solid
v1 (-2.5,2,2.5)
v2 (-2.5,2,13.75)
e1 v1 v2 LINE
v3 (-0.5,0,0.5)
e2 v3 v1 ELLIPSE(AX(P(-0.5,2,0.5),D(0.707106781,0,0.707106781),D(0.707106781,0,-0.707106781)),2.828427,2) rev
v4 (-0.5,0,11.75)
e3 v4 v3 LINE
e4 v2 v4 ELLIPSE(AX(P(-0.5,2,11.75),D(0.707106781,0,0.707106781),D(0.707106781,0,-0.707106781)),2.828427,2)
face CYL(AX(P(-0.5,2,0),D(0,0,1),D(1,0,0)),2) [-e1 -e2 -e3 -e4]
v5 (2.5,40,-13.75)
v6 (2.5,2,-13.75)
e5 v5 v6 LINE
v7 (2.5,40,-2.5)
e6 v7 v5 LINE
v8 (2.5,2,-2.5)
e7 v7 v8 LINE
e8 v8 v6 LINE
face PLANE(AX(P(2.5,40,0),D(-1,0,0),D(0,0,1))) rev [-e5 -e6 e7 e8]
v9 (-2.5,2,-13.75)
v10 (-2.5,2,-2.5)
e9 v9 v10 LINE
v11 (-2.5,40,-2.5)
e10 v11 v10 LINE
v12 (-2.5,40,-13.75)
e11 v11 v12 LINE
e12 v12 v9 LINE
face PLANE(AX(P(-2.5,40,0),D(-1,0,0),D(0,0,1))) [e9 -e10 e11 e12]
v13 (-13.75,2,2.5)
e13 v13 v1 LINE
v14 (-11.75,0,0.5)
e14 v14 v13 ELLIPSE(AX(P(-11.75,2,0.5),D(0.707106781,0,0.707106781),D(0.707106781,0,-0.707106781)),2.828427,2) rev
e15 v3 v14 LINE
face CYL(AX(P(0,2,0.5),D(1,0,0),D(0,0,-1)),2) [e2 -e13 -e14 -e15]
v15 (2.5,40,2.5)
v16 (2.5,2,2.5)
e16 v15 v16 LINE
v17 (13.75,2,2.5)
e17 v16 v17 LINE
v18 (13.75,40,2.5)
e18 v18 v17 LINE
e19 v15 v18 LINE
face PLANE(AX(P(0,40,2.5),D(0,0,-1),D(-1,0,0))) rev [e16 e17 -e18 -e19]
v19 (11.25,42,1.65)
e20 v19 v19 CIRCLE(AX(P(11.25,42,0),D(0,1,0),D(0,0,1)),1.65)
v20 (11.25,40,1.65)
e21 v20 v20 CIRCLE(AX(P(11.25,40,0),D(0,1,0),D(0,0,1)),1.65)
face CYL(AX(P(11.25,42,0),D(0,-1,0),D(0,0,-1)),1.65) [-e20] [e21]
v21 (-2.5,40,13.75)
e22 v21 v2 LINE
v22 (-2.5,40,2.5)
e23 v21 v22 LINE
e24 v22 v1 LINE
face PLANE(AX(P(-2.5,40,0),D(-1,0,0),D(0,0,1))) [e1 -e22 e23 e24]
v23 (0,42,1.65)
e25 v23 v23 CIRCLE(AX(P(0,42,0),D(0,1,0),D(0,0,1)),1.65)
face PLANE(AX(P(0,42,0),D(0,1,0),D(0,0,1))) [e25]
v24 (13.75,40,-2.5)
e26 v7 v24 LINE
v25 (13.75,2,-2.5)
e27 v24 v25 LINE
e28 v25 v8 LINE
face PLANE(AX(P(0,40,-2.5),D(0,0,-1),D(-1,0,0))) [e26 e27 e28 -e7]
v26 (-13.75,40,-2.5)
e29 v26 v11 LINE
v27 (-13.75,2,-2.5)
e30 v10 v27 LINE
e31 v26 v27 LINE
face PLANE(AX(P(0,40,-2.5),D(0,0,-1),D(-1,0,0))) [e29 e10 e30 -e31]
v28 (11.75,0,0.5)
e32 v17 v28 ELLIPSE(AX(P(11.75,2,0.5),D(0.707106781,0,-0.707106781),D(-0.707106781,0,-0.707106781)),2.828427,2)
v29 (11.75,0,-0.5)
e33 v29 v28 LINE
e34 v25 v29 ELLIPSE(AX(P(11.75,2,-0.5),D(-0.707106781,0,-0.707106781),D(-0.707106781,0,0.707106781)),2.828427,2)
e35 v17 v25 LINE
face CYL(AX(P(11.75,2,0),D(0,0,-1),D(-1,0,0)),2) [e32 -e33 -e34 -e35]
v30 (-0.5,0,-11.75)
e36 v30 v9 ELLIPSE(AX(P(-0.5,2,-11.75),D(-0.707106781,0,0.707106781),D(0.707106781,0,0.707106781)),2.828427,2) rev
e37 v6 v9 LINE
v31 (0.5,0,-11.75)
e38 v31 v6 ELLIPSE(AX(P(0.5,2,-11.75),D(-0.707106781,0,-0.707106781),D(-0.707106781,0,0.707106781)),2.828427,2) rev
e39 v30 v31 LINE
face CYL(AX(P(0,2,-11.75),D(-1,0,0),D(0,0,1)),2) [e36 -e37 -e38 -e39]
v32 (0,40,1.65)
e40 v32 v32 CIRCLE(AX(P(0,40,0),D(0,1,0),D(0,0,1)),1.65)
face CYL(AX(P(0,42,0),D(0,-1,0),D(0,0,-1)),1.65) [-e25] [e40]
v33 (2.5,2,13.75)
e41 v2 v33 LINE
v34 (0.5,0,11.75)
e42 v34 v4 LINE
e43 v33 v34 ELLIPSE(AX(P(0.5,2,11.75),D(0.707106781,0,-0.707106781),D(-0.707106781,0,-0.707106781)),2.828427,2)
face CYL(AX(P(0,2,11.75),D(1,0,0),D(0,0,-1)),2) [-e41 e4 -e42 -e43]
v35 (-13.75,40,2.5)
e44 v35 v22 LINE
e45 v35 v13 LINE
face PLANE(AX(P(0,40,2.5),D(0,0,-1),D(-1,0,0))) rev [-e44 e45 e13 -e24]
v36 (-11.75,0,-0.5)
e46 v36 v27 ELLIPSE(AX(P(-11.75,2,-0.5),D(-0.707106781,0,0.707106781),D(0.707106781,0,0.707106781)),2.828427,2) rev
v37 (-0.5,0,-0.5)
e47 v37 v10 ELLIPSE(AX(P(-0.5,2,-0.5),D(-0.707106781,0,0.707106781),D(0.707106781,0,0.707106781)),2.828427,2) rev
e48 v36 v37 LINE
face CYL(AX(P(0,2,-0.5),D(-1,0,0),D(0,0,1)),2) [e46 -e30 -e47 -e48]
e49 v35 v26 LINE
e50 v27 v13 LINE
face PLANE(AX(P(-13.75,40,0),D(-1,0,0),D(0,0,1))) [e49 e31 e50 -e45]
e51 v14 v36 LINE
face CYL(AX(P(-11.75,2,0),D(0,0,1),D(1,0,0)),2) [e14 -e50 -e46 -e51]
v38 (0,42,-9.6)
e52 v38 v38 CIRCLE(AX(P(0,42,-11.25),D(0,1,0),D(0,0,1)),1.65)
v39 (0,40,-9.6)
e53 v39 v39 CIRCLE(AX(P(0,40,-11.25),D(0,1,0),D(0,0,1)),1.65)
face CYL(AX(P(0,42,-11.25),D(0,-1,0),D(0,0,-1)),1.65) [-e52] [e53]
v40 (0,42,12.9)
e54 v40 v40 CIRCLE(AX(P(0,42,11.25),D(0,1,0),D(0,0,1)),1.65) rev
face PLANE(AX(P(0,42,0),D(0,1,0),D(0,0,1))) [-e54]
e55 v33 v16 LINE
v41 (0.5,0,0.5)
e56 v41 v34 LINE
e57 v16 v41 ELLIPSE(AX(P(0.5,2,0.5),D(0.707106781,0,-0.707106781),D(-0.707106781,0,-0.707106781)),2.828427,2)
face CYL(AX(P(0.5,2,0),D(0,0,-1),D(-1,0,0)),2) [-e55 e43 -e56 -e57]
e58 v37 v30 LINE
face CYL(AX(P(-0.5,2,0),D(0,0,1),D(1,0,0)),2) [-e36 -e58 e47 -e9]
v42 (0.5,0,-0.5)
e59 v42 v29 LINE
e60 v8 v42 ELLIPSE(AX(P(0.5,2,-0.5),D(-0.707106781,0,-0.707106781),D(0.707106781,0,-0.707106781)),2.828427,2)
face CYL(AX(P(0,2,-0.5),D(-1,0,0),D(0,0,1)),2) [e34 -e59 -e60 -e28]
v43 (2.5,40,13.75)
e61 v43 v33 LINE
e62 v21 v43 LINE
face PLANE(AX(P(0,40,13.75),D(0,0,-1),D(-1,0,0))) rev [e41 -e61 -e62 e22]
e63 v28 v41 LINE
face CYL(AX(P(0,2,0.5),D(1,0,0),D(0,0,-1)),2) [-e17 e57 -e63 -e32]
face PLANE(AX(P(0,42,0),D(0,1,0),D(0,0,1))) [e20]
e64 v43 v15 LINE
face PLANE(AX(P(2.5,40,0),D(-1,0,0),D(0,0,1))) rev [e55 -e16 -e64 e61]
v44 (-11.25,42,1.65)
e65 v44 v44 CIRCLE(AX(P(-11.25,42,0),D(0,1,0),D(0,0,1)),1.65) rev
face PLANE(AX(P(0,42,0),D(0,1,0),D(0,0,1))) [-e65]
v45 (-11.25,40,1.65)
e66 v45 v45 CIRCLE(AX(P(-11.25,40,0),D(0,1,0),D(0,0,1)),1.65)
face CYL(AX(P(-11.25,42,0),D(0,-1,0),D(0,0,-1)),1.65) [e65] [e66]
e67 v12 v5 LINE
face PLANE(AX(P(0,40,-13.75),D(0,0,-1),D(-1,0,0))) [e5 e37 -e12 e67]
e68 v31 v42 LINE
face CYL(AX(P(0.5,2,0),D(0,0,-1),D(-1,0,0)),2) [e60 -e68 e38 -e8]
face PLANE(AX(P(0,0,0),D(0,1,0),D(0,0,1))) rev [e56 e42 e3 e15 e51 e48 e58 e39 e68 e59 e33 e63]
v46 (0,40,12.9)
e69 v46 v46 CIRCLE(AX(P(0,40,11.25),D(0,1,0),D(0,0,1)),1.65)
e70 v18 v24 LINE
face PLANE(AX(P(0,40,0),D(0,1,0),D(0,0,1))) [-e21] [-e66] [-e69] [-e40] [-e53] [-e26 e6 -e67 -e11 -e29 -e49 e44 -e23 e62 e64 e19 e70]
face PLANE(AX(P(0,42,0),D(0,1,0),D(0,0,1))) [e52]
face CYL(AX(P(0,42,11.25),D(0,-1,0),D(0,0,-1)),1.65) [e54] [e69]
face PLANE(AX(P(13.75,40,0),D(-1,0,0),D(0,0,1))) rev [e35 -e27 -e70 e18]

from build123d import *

# Parameters (mm, degrees)
BOSS_EXTRUDE1_DEPTH = 40
SKETCH2_R           = 1.65
BOSS_EXTRUDE2_DEPTH = 2
FILLET2_R           = 2


with BuildPart() as part:
    # Sketch1 → Boss-Extrude1 (new body)
    with BuildSketch(Plane(origin=(0, 0, 0), x_dir=(1, 0, 0), z_dir=(0, 1, 0))):
        Polygon((-2.5, -13.75), (2.5, -13.75), (2.5, -2.5), (13.75, -2.5), (13.75, 2.5), (2.5, 2.5), (2.5, 13.75), (-2.5, 13.75), (-2.5, 2.5), (-13.75, 2.5), (-13.75, -2.5), (-2.5, -2.5), align=None)
    extrude(amount=BOSS_EXTRUDE1_DEPTH)

    # Sketch2 → Boss-Extrude2 (add)
    with BuildSketch(Plane(origin=(0, 40, 0), x_dir=(1, 0, 0), z_dir=(0, 1, 0))):
        with Locations(Location((0, 0, 0), (0, 0, 270))):
            Circle(SKETCH2_R)
        with Locations(Location((11.25, 0, 0), (0, 0, 270))):
            Circle(SKETCH2_R)
        with Locations(Location((-11.25, 0, 0), (0, 0, 270))):
            Circle(SKETCH2_R)
        with Locations(Location((0, 11.25, 0), (0, 0, 270))):
            Circle(SKETCH2_R)
        with Locations(Location((0, -11.25, 0), (0, 0, 270))):
            Circle(SKETCH2_R)
    extrude(amount=BOSS_EXTRUDE2_DEPTH)

    # Fillet2
    fillet2_edges = [part.edges().sort_by_distance(p)[0] for p in [
        (13.75, 0, 0),
        (8.125, 0, 2.5),
        (2.5, 0, 8.125),
        (0, 0, 13.75),
        (-2.5, 0, 8.125),
        (-8.125, 0, 2.5),
        (-13.75, 0, 0),
        (-8.125, 0, -2.5),
        (-2.5, 0, -8.125),
        (0, 0, -13.75),
        (2.5, 0, -8.125),
        (8.125, 0, -2.5),
    ]]
    fillet(fillet2_edges, radius=FILLET2_R)


solid = part.part
